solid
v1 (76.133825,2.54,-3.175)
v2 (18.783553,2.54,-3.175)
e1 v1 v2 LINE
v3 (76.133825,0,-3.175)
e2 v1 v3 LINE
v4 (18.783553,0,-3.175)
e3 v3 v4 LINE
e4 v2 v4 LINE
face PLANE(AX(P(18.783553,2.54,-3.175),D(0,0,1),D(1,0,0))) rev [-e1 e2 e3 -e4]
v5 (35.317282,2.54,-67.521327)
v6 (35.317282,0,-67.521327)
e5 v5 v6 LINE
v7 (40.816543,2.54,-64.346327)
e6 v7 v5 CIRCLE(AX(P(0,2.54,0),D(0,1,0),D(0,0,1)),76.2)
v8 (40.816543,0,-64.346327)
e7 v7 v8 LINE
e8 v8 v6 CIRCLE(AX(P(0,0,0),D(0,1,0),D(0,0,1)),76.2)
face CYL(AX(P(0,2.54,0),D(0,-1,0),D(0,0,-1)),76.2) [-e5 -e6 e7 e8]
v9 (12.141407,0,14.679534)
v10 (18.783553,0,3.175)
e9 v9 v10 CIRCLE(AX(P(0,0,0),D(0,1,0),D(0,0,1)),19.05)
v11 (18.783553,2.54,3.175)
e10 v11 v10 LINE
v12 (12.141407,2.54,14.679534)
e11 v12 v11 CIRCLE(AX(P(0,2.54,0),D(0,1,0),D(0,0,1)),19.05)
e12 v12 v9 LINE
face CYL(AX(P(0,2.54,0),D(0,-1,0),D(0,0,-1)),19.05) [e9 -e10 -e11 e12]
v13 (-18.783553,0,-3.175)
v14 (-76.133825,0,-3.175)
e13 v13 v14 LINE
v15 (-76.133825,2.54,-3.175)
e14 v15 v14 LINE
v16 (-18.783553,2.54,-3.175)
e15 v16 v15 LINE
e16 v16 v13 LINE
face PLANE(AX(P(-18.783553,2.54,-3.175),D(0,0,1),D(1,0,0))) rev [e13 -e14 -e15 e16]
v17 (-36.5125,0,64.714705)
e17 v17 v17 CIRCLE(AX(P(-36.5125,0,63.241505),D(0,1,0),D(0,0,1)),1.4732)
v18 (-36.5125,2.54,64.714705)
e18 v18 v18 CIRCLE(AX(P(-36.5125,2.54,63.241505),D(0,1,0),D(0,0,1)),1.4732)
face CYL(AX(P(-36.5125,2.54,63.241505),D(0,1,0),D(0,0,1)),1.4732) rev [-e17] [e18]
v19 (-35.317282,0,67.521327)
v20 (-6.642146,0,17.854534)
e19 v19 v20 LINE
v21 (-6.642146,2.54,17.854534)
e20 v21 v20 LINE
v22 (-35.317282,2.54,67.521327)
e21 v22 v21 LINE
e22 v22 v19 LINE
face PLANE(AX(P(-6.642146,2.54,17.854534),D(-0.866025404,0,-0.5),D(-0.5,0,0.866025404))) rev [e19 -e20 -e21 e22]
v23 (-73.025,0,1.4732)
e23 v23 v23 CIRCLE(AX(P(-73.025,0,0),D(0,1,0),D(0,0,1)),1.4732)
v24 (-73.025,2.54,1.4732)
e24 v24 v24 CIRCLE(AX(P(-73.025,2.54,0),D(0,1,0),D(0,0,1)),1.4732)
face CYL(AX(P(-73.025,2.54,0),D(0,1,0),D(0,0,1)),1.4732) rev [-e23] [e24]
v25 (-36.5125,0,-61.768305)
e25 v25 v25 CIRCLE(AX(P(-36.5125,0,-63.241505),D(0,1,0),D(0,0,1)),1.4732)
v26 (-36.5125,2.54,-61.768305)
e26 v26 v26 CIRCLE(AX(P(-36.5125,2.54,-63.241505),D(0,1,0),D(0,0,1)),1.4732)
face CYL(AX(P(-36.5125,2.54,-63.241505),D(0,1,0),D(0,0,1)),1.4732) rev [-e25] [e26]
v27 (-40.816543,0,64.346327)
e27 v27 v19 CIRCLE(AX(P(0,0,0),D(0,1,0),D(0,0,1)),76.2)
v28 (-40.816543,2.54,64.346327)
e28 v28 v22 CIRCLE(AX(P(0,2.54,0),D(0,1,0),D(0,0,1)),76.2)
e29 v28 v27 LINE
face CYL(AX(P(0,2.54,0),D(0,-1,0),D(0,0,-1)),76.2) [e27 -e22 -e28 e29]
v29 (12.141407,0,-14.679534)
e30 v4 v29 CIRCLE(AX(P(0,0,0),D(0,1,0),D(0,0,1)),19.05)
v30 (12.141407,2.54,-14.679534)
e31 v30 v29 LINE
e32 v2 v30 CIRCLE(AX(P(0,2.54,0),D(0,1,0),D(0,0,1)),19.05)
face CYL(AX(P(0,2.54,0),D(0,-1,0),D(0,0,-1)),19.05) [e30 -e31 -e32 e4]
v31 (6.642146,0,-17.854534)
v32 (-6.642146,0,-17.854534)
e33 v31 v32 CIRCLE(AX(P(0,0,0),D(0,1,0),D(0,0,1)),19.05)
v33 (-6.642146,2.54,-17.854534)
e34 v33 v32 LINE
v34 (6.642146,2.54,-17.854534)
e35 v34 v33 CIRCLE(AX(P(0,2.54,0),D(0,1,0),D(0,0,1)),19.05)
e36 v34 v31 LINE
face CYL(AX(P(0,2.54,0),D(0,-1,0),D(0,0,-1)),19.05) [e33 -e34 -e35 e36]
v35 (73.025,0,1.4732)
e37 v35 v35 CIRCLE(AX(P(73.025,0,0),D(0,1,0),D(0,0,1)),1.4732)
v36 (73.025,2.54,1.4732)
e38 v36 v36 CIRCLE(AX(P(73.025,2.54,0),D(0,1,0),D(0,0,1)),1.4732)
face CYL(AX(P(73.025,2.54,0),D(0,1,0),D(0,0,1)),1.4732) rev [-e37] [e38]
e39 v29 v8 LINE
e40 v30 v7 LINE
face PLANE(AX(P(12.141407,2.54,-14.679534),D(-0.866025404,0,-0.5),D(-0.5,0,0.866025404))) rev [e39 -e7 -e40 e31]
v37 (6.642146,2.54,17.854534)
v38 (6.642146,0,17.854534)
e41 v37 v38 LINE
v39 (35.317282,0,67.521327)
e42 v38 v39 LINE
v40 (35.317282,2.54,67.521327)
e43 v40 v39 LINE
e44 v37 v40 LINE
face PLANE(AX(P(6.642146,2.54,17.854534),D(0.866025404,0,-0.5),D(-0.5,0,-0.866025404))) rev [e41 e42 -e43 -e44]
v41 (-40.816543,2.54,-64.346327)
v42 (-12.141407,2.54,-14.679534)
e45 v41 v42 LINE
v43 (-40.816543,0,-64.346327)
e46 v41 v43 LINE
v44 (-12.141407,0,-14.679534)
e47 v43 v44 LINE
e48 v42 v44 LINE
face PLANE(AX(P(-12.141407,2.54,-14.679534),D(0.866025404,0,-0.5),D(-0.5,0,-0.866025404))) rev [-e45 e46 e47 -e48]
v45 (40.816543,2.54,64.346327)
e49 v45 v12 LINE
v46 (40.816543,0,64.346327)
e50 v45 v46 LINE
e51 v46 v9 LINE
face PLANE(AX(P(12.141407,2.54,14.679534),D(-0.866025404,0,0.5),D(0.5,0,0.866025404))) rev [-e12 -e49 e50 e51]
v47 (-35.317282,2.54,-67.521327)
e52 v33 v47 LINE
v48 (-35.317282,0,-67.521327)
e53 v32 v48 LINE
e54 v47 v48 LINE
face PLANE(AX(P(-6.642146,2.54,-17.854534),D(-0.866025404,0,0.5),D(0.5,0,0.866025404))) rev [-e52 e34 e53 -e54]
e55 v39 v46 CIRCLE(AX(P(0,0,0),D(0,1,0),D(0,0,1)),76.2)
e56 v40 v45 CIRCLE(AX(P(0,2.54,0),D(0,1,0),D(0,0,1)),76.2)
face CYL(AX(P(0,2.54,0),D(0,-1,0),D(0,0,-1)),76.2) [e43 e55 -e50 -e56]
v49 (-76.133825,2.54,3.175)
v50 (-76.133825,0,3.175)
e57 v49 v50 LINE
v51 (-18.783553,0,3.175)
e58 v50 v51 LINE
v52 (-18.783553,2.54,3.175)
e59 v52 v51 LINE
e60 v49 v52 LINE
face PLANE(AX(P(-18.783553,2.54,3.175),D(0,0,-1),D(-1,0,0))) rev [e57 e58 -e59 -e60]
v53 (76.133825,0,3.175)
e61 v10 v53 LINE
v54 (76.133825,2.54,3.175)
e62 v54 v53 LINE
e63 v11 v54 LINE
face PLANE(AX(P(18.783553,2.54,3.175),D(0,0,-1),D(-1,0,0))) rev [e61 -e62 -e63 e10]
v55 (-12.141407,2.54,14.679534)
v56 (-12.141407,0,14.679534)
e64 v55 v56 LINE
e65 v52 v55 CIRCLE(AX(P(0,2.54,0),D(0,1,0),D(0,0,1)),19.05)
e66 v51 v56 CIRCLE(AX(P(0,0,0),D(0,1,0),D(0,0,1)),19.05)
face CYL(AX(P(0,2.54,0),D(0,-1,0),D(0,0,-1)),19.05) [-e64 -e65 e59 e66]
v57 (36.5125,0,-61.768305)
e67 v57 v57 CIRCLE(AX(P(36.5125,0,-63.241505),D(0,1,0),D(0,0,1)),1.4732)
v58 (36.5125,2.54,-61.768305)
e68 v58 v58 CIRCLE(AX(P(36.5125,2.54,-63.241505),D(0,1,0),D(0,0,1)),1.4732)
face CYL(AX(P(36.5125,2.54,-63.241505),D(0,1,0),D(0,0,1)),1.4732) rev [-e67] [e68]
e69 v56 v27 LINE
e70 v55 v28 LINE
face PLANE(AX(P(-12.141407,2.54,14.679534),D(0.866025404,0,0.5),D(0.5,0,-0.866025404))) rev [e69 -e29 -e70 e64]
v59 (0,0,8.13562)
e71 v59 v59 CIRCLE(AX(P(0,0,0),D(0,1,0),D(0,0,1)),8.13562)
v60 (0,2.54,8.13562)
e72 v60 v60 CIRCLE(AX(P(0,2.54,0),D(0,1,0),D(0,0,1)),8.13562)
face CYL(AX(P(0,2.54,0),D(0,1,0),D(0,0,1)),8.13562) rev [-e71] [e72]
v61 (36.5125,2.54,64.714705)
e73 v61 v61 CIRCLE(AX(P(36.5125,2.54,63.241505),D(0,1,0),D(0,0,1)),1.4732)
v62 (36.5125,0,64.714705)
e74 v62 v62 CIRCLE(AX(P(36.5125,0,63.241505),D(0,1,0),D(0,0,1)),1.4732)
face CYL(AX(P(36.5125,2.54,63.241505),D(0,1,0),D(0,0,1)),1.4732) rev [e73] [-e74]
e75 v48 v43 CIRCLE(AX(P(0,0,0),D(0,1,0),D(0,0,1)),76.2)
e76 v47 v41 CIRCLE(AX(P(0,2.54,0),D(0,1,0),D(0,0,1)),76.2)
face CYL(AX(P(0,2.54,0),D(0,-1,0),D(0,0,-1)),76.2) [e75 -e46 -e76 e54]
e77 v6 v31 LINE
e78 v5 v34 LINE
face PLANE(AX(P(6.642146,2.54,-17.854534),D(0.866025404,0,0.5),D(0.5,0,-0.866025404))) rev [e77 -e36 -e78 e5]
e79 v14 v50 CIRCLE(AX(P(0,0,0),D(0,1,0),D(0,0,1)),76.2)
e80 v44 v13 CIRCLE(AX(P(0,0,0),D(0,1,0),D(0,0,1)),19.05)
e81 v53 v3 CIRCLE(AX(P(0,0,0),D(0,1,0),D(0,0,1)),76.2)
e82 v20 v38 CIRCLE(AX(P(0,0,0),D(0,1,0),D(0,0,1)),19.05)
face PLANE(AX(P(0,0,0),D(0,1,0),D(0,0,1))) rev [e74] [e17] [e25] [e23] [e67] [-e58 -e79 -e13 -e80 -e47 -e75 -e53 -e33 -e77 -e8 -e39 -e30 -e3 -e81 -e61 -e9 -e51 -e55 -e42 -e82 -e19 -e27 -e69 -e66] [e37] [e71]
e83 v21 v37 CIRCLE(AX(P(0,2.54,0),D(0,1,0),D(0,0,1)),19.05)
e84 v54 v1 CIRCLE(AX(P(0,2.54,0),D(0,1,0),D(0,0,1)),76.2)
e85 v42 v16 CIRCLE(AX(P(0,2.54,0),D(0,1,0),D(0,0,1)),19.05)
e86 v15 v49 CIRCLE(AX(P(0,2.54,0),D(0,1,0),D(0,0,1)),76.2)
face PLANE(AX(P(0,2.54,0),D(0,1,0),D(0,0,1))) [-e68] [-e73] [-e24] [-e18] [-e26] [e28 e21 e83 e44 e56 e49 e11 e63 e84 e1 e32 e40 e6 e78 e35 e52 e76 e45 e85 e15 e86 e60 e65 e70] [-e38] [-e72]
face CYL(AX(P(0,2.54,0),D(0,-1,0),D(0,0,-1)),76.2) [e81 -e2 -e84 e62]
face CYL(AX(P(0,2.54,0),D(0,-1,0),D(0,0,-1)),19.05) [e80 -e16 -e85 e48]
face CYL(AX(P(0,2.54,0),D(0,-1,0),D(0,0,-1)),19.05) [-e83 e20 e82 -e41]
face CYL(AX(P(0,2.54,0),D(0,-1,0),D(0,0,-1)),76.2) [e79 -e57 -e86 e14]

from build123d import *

# Parameters (mm, degrees)
BOSS_EXTRUDE1_DEPTH         = 2.54
F_5_8_CLEARANCE_HOLE1_D     = 16.27124
F_5_8_CLEARANCE_HOLE1_DEPTH = 38.354
F_5_8_CLEARANCE_HOLE1_TIP   = 4.888373669
F_4_CLEARANCE_HOLE1_D       = 2.9464
F_4_CLEARANCE_HOLE1_DEPTH   = 38.354
F_4_CLEARANCE_HOLE1_TIP     = 0.885187864


with BuildPart() as part:
    # Sketch1 → Boss-Extrude1 (new body)
    with BuildSketch(Plane(origin=(0, 0, 0), x_dir=(1, 0, 0), z_dir=(0, 1, 0))):
        with BuildLine():
            Line((18.783553311, 3.175), (76.133825433, 3.175))
            ThreePointArc((76.133825433, 3.175), (76.2, 0), (76.133825433, -3.175))
            Line((76.133825433, -3.175), (18.783553311, -3.175))
            ThreePointArc((18.783553311, -3.175), (16.497783942, -9.525), (12.141407313, -14.679534341))
            Line((12.141407313, -14.679534341), (40.816543373, -64.346326912))
            ThreePointArc((40.816543373, -64.346326912), (38.1, -65.991135768), (35.317282059, -67.521326912))
            Line((35.317282059, -67.521326912), (6.642145999, -17.854534341))
            ThreePointArc((6.642145999, -17.854534341), (0, -19.05), (-6.642145999, -17.854534341))
            Line((-6.642145999, -17.854534341), (-35.317282059, -67.521326912))
            ThreePointArc((-35.317282059, -67.521326912), (-38.1, -65.991135768), (-40.816543373, -64.346326912))
            Line((-40.816543373, -64.346326912), (-12.141407313, -14.679534341))
            ThreePointArc((-12.141407313, -14.679534341), (-16.497783942, -9.525), (-18.783553311, -3.175))
            Line((-18.783553311, -3.175), (-76.133825433, -3.175))
            ThreePointArc((-76.133825433, -3.175), (-76.2, 0), (-76.133825433, 3.175))
            Line((-76.133825433, 3.175), (-18.783553311, 3.175))
            ThreePointArc((-18.783553311, 3.175), (-16.497783942, 9.525), (-12.141407313, 14.679534341))
            Line((-12.141407313, 14.679534341), (-40.816543373, 64.346326912))
            ThreePointArc((-40.816543373, 64.346326912), (-38.1, 65.991135768), (-35.317282059, 67.521326912))
            Line((-35.317282059, 67.521326912), (-6.642145999, 17.854534341))
            ThreePointArc((-6.642145999, 17.854534341), (0, 19.05), (6.642145999, 17.854534341))
            Line((6.642145999, 17.854534341), (35.317282059, 67.521326912))
            ThreePointArc((35.317282059, 67.521326912), (38.1, 65.991135768), (40.816543373, 64.346326912))
            Line((40.816543373, 64.346326912), (12.141407313, 14.679534341))
            ThreePointArc((12.141407313, 14.679534341), (16.497783942, 9.525), (18.783553311, 3.175))
        make_face()
    extrude(amount=BOSS_EXTRUDE1_DEPTH)

    # 5/8 Clearance Hole1
    with Locations(Plane(origin=(0, 2.54, 0), x_dir=(1, 0, 0), z_dir=(0, 1, 0))):
        with Locations((0, 0)):
            Hole(F_5_8_CLEARANCE_HOLE1_D / 2, depth=F_5_8_CLEARANCE_HOLE1_DEPTH)
            with Locations((0, 0, -(F_5_8_CLEARANCE_HOLE1_DEPTH + F_5_8_CLEARANCE_HOLE1_TIP / 2))):  # 118° drill point
                Cone(0, F_5_8_CLEARANCE_HOLE1_D / 2, F_5_8_CLEARANCE_HOLE1_TIP, mode=Mode.SUBTRACT)

    # #4 Clearance Hole1
    with Locations(Plane(origin=(0, 2.54, 0), x_dir=(1, 0, 0), z_dir=(0, 1, 0))):
        with Locations((-73.025, 0), (-36.5125, 63.241505111), (36.5125, 63.241505111), (73.025, 0), (36.5125, -63.241505111), (-36.5125, -63.241505111)):
            Hole(F_4_CLEARANCE_HOLE1_D / 2, depth=F_4_CLEARANCE_HOLE1_DEPTH)
            with Locations((0, 0, -(F_4_CLEARANCE_HOLE1_DEPTH + F_4_CLEARANCE_HOLE1_TIP / 2))):  # 118° drill point
                Cone(0, F_4_CLEARANCE_HOLE1_D / 2, F_4_CLEARANCE_HOLE1_TIP, mode=Mode.SUBTRACT)


solid = part.part
